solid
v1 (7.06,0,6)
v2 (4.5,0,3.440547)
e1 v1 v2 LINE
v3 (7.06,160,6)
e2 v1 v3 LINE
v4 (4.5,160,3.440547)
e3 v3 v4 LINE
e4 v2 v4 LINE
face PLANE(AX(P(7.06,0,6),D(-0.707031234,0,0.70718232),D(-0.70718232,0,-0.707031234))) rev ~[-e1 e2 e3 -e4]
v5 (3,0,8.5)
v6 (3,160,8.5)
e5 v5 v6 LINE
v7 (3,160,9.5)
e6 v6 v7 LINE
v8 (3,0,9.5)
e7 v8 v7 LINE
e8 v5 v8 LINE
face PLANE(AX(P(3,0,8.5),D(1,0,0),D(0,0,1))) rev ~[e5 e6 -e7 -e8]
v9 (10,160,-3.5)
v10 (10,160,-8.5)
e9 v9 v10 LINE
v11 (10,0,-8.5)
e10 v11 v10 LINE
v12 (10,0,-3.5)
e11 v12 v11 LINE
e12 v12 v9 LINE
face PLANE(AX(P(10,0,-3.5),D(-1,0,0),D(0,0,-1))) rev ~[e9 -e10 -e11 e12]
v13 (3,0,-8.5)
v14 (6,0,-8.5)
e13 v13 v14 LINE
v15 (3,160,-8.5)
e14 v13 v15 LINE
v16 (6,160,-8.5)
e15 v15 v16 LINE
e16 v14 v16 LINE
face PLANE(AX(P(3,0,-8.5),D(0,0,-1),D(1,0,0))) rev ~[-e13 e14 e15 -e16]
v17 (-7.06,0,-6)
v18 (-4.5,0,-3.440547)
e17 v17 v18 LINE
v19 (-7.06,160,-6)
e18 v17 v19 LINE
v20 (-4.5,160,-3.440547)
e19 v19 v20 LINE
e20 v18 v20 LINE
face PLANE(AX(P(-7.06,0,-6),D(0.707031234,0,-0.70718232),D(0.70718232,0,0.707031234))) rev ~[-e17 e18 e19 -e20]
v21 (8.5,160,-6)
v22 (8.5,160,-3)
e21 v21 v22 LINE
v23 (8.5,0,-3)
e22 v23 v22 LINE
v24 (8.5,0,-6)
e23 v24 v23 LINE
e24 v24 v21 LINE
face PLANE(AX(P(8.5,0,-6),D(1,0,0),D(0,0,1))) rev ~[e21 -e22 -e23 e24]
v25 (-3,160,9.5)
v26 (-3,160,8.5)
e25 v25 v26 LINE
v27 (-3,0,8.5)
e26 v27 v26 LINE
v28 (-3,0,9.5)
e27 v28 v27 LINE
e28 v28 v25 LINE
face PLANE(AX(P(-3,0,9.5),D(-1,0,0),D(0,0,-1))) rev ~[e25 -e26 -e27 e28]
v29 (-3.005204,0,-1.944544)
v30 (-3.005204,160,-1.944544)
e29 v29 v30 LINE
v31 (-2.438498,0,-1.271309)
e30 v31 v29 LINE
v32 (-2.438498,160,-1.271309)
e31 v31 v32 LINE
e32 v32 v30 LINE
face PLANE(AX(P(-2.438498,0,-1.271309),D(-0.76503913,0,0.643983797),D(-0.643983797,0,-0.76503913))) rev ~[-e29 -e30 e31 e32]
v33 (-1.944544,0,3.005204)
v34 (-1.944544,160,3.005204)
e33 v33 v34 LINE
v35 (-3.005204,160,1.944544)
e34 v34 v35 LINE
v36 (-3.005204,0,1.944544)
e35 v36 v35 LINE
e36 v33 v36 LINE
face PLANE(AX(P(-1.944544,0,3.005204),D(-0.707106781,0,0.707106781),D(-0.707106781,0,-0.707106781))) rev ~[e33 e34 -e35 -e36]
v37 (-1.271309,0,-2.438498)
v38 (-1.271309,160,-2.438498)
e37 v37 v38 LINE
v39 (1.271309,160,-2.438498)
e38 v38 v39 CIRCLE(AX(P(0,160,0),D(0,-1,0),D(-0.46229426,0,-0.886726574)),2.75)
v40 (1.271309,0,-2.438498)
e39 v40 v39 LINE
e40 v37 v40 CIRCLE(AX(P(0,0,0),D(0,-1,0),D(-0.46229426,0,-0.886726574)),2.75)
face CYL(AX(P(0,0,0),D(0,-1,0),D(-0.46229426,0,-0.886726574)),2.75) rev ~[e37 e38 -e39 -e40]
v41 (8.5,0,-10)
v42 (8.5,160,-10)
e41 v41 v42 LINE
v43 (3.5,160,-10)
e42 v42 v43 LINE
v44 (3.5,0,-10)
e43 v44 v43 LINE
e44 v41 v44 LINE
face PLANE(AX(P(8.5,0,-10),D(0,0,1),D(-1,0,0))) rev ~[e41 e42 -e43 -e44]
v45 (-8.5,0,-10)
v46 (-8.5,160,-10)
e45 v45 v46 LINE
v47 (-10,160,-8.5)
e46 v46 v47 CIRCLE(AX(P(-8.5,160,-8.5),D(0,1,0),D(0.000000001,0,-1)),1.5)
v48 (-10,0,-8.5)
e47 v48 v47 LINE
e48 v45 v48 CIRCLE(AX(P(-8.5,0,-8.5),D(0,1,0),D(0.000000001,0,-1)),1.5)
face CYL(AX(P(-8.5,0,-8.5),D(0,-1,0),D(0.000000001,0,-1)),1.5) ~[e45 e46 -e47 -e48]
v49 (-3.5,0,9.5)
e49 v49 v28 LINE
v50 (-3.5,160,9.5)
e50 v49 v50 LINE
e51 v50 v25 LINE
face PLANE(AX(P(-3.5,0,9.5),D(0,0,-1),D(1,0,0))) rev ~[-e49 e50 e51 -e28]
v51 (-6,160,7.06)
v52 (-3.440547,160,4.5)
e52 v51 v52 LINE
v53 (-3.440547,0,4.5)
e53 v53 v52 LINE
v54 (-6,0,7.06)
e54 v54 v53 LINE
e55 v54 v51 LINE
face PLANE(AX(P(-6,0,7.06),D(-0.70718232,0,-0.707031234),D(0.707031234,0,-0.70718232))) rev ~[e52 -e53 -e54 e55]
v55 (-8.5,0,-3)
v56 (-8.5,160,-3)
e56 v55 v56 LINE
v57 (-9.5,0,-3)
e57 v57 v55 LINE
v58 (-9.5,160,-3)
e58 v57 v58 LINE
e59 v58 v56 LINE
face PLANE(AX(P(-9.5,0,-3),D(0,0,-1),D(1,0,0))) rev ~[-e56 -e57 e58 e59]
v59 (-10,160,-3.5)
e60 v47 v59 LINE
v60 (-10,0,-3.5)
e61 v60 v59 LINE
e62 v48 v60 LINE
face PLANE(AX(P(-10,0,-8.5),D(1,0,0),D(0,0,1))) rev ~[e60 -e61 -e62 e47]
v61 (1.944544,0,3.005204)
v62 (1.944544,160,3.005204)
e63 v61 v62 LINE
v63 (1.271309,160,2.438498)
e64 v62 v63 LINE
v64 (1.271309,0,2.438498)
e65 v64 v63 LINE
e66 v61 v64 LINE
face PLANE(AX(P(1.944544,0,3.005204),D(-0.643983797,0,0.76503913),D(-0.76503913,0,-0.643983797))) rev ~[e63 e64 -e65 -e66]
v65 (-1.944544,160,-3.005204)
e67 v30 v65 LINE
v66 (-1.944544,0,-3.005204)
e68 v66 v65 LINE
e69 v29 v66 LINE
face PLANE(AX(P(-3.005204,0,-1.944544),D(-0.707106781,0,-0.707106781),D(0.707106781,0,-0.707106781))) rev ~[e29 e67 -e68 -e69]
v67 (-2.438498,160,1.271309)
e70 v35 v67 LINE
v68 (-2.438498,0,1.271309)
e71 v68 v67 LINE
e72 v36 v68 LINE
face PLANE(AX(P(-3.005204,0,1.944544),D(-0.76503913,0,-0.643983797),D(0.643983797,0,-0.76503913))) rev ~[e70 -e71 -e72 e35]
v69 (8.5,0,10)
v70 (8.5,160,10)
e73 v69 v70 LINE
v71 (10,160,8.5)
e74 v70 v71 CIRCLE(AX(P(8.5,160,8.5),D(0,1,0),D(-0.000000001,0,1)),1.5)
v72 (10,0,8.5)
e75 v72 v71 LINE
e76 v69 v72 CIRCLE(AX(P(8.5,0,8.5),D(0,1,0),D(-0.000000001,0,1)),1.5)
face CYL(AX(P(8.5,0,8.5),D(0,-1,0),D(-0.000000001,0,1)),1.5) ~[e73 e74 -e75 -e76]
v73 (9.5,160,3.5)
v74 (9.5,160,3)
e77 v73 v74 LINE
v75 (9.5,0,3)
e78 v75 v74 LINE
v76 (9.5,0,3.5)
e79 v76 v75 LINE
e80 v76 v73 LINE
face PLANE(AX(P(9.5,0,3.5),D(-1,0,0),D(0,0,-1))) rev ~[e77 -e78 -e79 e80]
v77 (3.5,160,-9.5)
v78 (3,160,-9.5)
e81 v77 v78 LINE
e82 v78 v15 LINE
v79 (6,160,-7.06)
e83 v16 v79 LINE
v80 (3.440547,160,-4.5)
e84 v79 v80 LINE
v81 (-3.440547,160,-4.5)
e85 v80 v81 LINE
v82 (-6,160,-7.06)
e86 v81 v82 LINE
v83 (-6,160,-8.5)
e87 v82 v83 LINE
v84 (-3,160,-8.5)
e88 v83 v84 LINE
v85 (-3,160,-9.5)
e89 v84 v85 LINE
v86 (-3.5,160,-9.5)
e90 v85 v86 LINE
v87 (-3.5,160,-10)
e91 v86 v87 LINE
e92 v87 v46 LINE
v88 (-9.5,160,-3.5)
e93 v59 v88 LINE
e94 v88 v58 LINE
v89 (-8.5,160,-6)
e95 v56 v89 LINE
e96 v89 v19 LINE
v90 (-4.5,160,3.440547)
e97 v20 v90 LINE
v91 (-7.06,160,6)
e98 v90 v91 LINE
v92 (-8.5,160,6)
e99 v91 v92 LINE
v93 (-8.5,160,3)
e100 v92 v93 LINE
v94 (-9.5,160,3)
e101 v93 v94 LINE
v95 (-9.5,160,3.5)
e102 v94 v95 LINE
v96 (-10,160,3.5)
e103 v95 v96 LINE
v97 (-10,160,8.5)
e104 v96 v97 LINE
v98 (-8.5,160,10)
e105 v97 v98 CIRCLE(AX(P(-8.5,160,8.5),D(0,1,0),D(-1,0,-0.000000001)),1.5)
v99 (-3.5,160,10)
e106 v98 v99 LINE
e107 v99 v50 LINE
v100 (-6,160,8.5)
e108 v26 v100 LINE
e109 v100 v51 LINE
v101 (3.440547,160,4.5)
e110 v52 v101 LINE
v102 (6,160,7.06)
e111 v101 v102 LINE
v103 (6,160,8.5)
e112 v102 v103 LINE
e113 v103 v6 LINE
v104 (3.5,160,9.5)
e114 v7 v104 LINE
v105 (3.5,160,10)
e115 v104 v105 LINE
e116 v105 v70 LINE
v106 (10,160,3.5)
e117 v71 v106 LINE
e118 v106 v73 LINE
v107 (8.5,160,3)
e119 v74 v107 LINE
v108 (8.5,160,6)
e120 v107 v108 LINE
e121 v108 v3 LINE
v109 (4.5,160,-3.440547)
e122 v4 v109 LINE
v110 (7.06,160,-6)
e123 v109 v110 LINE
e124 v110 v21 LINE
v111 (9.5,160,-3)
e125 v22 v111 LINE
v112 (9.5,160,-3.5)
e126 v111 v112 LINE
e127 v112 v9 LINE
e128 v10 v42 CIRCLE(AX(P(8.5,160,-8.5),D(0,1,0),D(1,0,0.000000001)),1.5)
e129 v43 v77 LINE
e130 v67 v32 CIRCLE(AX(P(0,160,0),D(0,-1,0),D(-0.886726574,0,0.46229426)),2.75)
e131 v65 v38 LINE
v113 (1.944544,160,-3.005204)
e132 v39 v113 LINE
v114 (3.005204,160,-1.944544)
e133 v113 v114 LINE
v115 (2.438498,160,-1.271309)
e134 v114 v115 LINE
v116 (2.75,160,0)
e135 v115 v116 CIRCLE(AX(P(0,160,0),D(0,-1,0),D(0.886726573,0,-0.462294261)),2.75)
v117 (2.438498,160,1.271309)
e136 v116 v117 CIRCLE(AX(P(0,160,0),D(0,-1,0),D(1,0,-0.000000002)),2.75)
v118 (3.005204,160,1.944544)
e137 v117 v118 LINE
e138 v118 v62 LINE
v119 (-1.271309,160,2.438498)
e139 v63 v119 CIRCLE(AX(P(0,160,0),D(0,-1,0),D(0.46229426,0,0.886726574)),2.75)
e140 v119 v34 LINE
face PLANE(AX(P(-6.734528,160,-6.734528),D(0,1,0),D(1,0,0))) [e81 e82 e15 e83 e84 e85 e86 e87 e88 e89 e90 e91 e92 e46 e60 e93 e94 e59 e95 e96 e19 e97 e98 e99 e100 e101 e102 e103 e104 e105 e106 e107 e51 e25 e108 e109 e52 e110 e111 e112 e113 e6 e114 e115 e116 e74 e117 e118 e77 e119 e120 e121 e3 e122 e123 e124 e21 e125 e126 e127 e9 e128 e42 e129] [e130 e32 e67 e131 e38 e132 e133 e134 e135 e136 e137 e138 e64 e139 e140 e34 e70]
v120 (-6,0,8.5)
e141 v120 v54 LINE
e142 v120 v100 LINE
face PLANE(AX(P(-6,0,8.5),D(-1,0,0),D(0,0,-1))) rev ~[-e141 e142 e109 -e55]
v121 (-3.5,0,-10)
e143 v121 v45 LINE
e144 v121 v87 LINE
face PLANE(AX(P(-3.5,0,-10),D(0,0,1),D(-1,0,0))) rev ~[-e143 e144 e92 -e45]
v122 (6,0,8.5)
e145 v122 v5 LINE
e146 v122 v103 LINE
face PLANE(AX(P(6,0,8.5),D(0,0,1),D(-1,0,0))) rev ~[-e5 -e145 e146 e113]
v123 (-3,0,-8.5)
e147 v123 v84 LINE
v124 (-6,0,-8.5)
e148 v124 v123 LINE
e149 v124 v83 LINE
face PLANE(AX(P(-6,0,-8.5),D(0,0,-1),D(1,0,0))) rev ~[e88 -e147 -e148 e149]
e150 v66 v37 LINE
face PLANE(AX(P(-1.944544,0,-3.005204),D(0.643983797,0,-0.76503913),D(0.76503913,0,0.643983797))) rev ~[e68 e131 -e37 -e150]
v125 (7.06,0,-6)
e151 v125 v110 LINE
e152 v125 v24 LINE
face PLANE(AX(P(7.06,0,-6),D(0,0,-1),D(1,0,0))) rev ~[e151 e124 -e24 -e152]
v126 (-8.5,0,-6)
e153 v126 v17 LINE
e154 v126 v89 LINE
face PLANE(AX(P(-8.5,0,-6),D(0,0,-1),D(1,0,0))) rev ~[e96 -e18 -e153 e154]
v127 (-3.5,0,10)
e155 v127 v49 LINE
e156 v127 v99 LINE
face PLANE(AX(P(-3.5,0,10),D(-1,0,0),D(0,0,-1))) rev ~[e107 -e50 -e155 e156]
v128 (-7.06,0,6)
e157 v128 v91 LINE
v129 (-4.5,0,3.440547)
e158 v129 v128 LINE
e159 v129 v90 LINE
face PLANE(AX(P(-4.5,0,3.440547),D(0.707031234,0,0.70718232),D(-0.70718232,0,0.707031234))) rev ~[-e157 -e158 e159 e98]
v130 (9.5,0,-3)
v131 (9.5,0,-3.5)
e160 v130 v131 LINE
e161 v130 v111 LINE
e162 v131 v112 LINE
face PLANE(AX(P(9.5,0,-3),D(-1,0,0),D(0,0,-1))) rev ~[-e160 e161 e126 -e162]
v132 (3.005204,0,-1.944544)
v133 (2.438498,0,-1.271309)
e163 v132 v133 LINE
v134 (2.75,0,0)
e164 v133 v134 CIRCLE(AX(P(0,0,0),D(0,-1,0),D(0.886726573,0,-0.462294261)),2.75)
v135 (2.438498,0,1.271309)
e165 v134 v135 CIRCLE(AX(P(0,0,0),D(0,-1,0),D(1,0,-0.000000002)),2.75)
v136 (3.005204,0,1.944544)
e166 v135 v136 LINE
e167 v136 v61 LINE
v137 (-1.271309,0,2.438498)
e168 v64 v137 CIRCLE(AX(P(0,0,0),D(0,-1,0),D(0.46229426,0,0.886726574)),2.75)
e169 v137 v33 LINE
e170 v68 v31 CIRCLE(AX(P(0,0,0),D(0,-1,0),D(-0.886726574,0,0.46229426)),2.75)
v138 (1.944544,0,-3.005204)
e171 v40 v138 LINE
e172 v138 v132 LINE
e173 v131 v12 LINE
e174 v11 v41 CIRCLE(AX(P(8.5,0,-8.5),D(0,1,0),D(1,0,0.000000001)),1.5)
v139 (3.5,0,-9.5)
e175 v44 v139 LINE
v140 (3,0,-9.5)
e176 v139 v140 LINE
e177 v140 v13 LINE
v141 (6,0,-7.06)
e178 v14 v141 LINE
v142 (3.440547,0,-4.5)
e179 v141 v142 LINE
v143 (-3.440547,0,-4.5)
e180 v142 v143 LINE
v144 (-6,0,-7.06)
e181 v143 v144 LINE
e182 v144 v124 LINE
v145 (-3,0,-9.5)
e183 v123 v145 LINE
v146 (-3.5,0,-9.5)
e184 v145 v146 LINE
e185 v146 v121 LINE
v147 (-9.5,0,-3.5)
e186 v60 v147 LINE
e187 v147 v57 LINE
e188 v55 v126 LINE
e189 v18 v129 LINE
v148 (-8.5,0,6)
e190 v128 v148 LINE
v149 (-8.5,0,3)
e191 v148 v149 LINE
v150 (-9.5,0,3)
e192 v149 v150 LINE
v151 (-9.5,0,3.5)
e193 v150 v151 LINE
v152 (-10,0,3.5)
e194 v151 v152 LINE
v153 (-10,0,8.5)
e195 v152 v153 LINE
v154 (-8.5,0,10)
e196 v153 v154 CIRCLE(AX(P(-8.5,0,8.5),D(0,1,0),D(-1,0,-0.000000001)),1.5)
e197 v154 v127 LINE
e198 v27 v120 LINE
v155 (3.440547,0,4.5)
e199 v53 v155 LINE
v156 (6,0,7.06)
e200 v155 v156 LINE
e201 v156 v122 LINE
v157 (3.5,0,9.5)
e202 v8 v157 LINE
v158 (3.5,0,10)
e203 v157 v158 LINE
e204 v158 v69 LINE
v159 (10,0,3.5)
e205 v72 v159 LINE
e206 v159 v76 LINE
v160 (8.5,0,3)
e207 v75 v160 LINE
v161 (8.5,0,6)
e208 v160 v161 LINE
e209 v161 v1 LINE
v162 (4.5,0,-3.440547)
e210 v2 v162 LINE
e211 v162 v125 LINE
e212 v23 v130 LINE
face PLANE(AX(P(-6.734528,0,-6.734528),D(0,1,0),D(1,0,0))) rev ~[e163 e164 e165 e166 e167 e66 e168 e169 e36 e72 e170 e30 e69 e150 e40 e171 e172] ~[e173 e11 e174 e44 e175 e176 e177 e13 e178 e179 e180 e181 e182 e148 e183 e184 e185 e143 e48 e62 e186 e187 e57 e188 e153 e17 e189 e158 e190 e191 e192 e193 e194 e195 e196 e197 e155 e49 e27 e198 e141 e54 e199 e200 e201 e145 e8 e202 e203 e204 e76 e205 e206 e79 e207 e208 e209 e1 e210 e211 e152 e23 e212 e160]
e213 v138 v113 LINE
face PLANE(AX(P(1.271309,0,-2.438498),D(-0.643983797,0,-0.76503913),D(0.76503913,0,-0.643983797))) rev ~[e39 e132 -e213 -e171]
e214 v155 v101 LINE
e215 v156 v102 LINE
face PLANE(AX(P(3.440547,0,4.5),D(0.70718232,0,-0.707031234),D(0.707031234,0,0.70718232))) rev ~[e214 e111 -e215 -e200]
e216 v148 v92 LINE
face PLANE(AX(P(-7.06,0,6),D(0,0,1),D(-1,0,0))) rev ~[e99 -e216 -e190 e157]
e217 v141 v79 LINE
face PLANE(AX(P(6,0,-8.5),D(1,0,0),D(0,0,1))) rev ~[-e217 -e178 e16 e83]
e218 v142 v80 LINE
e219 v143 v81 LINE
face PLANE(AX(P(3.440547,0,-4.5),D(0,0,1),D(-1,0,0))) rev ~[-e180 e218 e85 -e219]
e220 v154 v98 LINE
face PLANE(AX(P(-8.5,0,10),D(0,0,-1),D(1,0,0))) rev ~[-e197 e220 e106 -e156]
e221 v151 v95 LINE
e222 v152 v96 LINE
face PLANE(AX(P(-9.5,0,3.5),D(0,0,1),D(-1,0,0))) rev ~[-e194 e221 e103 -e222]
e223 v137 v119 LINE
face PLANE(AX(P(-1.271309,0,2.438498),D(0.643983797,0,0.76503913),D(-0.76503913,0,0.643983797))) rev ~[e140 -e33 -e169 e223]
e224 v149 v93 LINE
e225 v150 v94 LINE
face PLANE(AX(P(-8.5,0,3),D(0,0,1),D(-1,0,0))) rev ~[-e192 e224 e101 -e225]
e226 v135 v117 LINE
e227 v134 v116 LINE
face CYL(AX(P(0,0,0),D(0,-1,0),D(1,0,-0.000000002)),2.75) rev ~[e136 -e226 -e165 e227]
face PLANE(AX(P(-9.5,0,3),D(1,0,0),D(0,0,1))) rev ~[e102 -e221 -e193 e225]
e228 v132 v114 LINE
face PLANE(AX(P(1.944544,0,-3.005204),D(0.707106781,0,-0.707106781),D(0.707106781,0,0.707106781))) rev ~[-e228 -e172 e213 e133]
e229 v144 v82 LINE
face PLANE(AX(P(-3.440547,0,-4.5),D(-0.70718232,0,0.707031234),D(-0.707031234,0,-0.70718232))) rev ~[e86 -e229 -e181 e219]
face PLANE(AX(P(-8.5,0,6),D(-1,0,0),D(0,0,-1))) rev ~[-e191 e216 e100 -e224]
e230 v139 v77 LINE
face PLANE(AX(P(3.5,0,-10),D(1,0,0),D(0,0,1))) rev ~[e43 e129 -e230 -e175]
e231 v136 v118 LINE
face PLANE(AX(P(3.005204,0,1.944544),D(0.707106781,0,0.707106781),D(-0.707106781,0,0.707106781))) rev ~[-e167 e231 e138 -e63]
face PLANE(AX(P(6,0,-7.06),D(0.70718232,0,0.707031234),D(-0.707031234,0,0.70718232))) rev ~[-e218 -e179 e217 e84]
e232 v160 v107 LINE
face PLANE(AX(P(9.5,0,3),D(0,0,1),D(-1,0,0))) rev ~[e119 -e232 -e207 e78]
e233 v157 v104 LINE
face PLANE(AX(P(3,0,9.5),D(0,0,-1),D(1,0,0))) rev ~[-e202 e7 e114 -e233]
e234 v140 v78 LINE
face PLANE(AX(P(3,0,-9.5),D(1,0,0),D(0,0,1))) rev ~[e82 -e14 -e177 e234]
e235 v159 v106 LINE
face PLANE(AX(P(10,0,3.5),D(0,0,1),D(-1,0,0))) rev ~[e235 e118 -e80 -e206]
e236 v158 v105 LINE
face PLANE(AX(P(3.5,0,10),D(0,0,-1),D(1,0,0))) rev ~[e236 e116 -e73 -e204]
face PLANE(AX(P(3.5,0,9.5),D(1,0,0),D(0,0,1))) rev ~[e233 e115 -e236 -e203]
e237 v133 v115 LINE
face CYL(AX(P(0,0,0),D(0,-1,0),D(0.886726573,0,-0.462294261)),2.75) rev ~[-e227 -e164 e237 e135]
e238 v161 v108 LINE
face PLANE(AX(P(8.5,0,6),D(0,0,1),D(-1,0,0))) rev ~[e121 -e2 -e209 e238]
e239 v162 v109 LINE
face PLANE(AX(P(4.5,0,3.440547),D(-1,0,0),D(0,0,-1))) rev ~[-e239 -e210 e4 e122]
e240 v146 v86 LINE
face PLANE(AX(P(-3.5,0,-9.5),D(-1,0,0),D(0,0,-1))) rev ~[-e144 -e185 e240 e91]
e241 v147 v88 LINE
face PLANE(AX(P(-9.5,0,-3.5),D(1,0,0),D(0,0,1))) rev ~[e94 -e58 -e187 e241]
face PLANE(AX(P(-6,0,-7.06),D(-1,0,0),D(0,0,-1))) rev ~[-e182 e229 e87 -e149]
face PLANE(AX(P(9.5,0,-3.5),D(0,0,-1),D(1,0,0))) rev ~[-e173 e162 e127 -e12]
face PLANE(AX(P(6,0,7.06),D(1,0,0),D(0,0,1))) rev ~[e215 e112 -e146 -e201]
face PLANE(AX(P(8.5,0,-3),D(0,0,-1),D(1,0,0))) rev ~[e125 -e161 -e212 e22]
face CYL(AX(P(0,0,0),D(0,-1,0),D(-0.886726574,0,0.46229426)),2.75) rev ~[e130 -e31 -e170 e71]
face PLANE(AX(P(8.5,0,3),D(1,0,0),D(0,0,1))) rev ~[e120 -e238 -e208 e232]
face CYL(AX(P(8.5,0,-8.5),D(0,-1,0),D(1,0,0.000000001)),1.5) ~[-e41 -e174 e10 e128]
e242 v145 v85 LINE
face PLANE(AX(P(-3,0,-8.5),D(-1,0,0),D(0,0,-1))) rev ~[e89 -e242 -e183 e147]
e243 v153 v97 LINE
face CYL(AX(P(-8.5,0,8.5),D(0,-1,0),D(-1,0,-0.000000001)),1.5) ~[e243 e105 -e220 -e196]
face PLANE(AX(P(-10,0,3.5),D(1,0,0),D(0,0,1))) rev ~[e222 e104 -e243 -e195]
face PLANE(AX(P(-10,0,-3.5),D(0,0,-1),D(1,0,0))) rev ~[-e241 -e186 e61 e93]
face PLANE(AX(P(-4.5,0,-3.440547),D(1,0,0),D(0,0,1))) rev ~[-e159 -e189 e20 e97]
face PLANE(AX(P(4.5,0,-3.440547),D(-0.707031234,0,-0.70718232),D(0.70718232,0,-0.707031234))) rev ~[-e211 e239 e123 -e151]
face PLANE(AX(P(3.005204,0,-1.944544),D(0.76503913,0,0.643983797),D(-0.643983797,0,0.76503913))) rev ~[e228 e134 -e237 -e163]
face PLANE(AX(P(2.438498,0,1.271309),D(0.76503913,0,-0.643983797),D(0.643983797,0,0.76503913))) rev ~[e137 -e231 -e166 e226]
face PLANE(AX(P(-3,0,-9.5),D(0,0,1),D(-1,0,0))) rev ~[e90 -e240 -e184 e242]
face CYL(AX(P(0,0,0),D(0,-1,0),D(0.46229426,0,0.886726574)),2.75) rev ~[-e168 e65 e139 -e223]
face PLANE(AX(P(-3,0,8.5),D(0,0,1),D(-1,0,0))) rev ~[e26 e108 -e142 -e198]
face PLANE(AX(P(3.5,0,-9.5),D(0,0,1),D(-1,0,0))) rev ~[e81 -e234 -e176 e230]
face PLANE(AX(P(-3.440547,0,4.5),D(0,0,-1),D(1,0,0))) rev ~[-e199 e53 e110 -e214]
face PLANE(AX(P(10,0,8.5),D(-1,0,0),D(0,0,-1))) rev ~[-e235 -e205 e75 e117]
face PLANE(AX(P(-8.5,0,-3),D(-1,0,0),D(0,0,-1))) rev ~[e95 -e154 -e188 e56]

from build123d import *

# Parameters (mm, degrees)
DODANIE_WYCI_GNI_CIE1_DEPTH = 160


with BuildPart() as part:
    # Szkic1 → Dodanie-wyciągnięcie1 (new body)
    with BuildSketch(Plane(origin=(0, 0, 0), x_dir=(1, 0, 0), z_dir=(0, 1, 0))):
        with BuildLine():
            Line((-7.06, 6), (-4.5, 3.440546933))
            Line((-4.5, 3.440546933), (-4.5, 4.5))
            Line((-4.5, 4.5), (-3.440546933, 4.5))
            Line((-3.440546933, 4.5), (-6, 7.06))
            Line((-6, 7.06), (-6, 8.5))
            Line((-6, 8.5), (-3, 8.5))
            Line((-3, 8.5), (-3, 9.5))
            Line((-3, 9.5), (-3.5, 9.5))
            Line((-3.5, 9.5), (-3.5, 10))
            Line((-3.5, 10), (-8.5, 10))
            ThreePointArc((-8.5, 10), (-9.560660172, 9.560660172), (-10, 8.5))
            Line((-10, 8.5), (-10, 3.5))
            Line((-10, 3.5), (-9.5, 3.5))
            Line((-9.5, 3.5), (-9.5, 3))
            Line((-9.5, 3), (-8.5, 3))
            Line((-8.5, 3), (-8.5, 6))
            Line((-8.5, 6), (-7.06, 6))
        make_face()
        with BuildLine():
            Line((4.5, 4.5), (4.5, 3.440546933))
            Line((4.5, 3.440546933), (7.06, 6))
            Line((7.06, 6), (8.5, 6))
            Line((8.5, 6), (8.5, 3))
            Line((8.5, 3), (9.5, 3))
            Line((9.5, 3), (9.5, 3.5))
            Line((9.5, 3.5), (10, 3.5))
            Line((10, 3.5), (10, 8.5))
            ThreePointArc((10, 8.5), (9.560660172, 9.560660172), (8.5, 10))
            Line((8.5, 10), (3.5, 10))
            Line((3.5, 10), (3.5, 9.5))
            Line((3.5, 9.5), (3, 9.5))
            Line((3, 9.5), (3, 8.5))
            Line((3, 8.5), (6, 8.5))
            Line((6, 8.5), (6, 7.06))
            Line((6, 7.06), (3.440546933, 4.5))
            Line((3.440546933, 4.5), (4.5, 4.5))
        make_face()
        Polygon((3.440546933, -4.5), (4.5, -4.5), (4.5, -3.440546933), (4.5, 3.440546933), (4.5, 4.5), (3.440546933, 4.5), (-3.440546933, 4.5), (-4.5, 4.5), (-4.5, 3.440546933), (-4.5, -3.440546933), (-4.5, -4.5), (-3.440546933, -4.5), align=None)
        with BuildLine():
            Line((-3.00520382, 1.944543648), (-1.944543648, 3.00520382))
            Line((-1.944543648, 3.00520382), (-1.271309214, 2.438498079))
            ThreePointArc((-1.271309214, 2.438498079), (0, 2.75), (1.271309214, 2.438498079))
            Line((1.271309214, 2.438498079), (1.944543648, 3.00520382))
            Line((1.944543648, 3.00520382), (3.00520382, 1.944543648))
            Line((3.00520382, 1.944543648), (2.438498079, 1.271309214))
            ThreePointArc((2.438498079, 1.271309214), (2.670989491, 0.654457899), (2.75, 0))
            ThreePointArc((2.75, 0), (2.670989491, -0.654457899), (2.438498079, -1.271309214))
            Line((2.438498079, -1.271309214), (3.00520382, -1.944543648))
            Line((3.00520382, -1.944543648), (1.944543648, -3.00520382))
            Line((1.944543648, -3.00520382), (1.271309214, -2.438498079))
            ThreePointArc((1.271309214, -2.438498079), (0, -2.75), (-1.271309214, -2.438498079))
            Line((-1.271309214, -2.438498079), (-1.944543648, -3.00520382))
            Line((-1.944543648, -3.00520382), (-3.00520382, -1.944543648))
            Line((-3.00520382, -1.944543648), (-2.438498079, -1.271309214))
            ThreePointArc((-2.438498079, -1.271309214), (-2.75, 0), (-2.438498079, 1.271309214))
            Line((-2.438498079, 1.271309214), (-3.00520382, 1.944543648))
        make_face(mode=Mode.SUBTRACT)
        with BuildLine():
            Line((-6, -7.06), (-3.440546933, -4.5))
            Line((-3.440546933, -4.5), (-4.5, -4.5))
            Line((-4.5, -4.5), (-4.5, -3.440546933))
            Line((-4.5, -3.440546933), (-7.06, -6))
            Line((-7.06, -6), (-8.5, -6))
            Line((-8.5, -6), (-8.5, -3))
            Line((-8.5, -3), (-9.5, -3))
            Line((-9.5, -3), (-9.5, -3.5))
            Line((-9.5, -3.5), (-10, -3.5))
            Line((-10, -3.5), (-10, -8.5))
            ThreePointArc((-10, -8.5), (-9.560660172, -9.560660172), (-8.5, -10))
            Line((-8.5, -10), (-3.5, -10))
            Line((-3.5, -10), (-3.5, -9.5))
            Line((-3.5, -9.5), (-3, -9.5))
            Line((-3, -9.5), (-3, -8.5))
            Line((-3, -8.5), (-6, -8.5))
            Line((-6, -8.5), (-6, -7.06))
        make_face()
        with BuildLine():
            Line((4.5, -3.440546933), (4.5, -4.5))
            Line((4.5, -4.5), (3.440546933, -4.5))
            Line((3.440546933, -4.5), (6, -7.06))
            Line((6, -7.06), (6, -8.5))
            Line((6, -8.5), (3, -8.5))
            Line((3, -8.5), (3, -9.5))
            Line((3, -9.5), (3.5, -9.5))
            Line((3.5, -9.5), (3.5, -10))
            Line((3.5, -10), (8.5, -10))
            ThreePointArc((8.5, -10), (9.560660172, -9.560660172), (10, -8.5))
            Line((10, -8.5), (10, -3.5))
            Line((10, -3.5), (9.5, -3.5))
            Line((9.5, -3.5), (9.5, -3))
            Line((9.5, -3), (8.5, -3))
            Line((8.5, -3), (8.5, -6))
            Line((8.5, -6), (7.06, -6))
            Line((7.06, -6), (4.5, -3.440546933))
        make_face()
    extrude(amount=DODANIE_WYCI_GNI_CIE1_DEPTH)


solid = part.part
